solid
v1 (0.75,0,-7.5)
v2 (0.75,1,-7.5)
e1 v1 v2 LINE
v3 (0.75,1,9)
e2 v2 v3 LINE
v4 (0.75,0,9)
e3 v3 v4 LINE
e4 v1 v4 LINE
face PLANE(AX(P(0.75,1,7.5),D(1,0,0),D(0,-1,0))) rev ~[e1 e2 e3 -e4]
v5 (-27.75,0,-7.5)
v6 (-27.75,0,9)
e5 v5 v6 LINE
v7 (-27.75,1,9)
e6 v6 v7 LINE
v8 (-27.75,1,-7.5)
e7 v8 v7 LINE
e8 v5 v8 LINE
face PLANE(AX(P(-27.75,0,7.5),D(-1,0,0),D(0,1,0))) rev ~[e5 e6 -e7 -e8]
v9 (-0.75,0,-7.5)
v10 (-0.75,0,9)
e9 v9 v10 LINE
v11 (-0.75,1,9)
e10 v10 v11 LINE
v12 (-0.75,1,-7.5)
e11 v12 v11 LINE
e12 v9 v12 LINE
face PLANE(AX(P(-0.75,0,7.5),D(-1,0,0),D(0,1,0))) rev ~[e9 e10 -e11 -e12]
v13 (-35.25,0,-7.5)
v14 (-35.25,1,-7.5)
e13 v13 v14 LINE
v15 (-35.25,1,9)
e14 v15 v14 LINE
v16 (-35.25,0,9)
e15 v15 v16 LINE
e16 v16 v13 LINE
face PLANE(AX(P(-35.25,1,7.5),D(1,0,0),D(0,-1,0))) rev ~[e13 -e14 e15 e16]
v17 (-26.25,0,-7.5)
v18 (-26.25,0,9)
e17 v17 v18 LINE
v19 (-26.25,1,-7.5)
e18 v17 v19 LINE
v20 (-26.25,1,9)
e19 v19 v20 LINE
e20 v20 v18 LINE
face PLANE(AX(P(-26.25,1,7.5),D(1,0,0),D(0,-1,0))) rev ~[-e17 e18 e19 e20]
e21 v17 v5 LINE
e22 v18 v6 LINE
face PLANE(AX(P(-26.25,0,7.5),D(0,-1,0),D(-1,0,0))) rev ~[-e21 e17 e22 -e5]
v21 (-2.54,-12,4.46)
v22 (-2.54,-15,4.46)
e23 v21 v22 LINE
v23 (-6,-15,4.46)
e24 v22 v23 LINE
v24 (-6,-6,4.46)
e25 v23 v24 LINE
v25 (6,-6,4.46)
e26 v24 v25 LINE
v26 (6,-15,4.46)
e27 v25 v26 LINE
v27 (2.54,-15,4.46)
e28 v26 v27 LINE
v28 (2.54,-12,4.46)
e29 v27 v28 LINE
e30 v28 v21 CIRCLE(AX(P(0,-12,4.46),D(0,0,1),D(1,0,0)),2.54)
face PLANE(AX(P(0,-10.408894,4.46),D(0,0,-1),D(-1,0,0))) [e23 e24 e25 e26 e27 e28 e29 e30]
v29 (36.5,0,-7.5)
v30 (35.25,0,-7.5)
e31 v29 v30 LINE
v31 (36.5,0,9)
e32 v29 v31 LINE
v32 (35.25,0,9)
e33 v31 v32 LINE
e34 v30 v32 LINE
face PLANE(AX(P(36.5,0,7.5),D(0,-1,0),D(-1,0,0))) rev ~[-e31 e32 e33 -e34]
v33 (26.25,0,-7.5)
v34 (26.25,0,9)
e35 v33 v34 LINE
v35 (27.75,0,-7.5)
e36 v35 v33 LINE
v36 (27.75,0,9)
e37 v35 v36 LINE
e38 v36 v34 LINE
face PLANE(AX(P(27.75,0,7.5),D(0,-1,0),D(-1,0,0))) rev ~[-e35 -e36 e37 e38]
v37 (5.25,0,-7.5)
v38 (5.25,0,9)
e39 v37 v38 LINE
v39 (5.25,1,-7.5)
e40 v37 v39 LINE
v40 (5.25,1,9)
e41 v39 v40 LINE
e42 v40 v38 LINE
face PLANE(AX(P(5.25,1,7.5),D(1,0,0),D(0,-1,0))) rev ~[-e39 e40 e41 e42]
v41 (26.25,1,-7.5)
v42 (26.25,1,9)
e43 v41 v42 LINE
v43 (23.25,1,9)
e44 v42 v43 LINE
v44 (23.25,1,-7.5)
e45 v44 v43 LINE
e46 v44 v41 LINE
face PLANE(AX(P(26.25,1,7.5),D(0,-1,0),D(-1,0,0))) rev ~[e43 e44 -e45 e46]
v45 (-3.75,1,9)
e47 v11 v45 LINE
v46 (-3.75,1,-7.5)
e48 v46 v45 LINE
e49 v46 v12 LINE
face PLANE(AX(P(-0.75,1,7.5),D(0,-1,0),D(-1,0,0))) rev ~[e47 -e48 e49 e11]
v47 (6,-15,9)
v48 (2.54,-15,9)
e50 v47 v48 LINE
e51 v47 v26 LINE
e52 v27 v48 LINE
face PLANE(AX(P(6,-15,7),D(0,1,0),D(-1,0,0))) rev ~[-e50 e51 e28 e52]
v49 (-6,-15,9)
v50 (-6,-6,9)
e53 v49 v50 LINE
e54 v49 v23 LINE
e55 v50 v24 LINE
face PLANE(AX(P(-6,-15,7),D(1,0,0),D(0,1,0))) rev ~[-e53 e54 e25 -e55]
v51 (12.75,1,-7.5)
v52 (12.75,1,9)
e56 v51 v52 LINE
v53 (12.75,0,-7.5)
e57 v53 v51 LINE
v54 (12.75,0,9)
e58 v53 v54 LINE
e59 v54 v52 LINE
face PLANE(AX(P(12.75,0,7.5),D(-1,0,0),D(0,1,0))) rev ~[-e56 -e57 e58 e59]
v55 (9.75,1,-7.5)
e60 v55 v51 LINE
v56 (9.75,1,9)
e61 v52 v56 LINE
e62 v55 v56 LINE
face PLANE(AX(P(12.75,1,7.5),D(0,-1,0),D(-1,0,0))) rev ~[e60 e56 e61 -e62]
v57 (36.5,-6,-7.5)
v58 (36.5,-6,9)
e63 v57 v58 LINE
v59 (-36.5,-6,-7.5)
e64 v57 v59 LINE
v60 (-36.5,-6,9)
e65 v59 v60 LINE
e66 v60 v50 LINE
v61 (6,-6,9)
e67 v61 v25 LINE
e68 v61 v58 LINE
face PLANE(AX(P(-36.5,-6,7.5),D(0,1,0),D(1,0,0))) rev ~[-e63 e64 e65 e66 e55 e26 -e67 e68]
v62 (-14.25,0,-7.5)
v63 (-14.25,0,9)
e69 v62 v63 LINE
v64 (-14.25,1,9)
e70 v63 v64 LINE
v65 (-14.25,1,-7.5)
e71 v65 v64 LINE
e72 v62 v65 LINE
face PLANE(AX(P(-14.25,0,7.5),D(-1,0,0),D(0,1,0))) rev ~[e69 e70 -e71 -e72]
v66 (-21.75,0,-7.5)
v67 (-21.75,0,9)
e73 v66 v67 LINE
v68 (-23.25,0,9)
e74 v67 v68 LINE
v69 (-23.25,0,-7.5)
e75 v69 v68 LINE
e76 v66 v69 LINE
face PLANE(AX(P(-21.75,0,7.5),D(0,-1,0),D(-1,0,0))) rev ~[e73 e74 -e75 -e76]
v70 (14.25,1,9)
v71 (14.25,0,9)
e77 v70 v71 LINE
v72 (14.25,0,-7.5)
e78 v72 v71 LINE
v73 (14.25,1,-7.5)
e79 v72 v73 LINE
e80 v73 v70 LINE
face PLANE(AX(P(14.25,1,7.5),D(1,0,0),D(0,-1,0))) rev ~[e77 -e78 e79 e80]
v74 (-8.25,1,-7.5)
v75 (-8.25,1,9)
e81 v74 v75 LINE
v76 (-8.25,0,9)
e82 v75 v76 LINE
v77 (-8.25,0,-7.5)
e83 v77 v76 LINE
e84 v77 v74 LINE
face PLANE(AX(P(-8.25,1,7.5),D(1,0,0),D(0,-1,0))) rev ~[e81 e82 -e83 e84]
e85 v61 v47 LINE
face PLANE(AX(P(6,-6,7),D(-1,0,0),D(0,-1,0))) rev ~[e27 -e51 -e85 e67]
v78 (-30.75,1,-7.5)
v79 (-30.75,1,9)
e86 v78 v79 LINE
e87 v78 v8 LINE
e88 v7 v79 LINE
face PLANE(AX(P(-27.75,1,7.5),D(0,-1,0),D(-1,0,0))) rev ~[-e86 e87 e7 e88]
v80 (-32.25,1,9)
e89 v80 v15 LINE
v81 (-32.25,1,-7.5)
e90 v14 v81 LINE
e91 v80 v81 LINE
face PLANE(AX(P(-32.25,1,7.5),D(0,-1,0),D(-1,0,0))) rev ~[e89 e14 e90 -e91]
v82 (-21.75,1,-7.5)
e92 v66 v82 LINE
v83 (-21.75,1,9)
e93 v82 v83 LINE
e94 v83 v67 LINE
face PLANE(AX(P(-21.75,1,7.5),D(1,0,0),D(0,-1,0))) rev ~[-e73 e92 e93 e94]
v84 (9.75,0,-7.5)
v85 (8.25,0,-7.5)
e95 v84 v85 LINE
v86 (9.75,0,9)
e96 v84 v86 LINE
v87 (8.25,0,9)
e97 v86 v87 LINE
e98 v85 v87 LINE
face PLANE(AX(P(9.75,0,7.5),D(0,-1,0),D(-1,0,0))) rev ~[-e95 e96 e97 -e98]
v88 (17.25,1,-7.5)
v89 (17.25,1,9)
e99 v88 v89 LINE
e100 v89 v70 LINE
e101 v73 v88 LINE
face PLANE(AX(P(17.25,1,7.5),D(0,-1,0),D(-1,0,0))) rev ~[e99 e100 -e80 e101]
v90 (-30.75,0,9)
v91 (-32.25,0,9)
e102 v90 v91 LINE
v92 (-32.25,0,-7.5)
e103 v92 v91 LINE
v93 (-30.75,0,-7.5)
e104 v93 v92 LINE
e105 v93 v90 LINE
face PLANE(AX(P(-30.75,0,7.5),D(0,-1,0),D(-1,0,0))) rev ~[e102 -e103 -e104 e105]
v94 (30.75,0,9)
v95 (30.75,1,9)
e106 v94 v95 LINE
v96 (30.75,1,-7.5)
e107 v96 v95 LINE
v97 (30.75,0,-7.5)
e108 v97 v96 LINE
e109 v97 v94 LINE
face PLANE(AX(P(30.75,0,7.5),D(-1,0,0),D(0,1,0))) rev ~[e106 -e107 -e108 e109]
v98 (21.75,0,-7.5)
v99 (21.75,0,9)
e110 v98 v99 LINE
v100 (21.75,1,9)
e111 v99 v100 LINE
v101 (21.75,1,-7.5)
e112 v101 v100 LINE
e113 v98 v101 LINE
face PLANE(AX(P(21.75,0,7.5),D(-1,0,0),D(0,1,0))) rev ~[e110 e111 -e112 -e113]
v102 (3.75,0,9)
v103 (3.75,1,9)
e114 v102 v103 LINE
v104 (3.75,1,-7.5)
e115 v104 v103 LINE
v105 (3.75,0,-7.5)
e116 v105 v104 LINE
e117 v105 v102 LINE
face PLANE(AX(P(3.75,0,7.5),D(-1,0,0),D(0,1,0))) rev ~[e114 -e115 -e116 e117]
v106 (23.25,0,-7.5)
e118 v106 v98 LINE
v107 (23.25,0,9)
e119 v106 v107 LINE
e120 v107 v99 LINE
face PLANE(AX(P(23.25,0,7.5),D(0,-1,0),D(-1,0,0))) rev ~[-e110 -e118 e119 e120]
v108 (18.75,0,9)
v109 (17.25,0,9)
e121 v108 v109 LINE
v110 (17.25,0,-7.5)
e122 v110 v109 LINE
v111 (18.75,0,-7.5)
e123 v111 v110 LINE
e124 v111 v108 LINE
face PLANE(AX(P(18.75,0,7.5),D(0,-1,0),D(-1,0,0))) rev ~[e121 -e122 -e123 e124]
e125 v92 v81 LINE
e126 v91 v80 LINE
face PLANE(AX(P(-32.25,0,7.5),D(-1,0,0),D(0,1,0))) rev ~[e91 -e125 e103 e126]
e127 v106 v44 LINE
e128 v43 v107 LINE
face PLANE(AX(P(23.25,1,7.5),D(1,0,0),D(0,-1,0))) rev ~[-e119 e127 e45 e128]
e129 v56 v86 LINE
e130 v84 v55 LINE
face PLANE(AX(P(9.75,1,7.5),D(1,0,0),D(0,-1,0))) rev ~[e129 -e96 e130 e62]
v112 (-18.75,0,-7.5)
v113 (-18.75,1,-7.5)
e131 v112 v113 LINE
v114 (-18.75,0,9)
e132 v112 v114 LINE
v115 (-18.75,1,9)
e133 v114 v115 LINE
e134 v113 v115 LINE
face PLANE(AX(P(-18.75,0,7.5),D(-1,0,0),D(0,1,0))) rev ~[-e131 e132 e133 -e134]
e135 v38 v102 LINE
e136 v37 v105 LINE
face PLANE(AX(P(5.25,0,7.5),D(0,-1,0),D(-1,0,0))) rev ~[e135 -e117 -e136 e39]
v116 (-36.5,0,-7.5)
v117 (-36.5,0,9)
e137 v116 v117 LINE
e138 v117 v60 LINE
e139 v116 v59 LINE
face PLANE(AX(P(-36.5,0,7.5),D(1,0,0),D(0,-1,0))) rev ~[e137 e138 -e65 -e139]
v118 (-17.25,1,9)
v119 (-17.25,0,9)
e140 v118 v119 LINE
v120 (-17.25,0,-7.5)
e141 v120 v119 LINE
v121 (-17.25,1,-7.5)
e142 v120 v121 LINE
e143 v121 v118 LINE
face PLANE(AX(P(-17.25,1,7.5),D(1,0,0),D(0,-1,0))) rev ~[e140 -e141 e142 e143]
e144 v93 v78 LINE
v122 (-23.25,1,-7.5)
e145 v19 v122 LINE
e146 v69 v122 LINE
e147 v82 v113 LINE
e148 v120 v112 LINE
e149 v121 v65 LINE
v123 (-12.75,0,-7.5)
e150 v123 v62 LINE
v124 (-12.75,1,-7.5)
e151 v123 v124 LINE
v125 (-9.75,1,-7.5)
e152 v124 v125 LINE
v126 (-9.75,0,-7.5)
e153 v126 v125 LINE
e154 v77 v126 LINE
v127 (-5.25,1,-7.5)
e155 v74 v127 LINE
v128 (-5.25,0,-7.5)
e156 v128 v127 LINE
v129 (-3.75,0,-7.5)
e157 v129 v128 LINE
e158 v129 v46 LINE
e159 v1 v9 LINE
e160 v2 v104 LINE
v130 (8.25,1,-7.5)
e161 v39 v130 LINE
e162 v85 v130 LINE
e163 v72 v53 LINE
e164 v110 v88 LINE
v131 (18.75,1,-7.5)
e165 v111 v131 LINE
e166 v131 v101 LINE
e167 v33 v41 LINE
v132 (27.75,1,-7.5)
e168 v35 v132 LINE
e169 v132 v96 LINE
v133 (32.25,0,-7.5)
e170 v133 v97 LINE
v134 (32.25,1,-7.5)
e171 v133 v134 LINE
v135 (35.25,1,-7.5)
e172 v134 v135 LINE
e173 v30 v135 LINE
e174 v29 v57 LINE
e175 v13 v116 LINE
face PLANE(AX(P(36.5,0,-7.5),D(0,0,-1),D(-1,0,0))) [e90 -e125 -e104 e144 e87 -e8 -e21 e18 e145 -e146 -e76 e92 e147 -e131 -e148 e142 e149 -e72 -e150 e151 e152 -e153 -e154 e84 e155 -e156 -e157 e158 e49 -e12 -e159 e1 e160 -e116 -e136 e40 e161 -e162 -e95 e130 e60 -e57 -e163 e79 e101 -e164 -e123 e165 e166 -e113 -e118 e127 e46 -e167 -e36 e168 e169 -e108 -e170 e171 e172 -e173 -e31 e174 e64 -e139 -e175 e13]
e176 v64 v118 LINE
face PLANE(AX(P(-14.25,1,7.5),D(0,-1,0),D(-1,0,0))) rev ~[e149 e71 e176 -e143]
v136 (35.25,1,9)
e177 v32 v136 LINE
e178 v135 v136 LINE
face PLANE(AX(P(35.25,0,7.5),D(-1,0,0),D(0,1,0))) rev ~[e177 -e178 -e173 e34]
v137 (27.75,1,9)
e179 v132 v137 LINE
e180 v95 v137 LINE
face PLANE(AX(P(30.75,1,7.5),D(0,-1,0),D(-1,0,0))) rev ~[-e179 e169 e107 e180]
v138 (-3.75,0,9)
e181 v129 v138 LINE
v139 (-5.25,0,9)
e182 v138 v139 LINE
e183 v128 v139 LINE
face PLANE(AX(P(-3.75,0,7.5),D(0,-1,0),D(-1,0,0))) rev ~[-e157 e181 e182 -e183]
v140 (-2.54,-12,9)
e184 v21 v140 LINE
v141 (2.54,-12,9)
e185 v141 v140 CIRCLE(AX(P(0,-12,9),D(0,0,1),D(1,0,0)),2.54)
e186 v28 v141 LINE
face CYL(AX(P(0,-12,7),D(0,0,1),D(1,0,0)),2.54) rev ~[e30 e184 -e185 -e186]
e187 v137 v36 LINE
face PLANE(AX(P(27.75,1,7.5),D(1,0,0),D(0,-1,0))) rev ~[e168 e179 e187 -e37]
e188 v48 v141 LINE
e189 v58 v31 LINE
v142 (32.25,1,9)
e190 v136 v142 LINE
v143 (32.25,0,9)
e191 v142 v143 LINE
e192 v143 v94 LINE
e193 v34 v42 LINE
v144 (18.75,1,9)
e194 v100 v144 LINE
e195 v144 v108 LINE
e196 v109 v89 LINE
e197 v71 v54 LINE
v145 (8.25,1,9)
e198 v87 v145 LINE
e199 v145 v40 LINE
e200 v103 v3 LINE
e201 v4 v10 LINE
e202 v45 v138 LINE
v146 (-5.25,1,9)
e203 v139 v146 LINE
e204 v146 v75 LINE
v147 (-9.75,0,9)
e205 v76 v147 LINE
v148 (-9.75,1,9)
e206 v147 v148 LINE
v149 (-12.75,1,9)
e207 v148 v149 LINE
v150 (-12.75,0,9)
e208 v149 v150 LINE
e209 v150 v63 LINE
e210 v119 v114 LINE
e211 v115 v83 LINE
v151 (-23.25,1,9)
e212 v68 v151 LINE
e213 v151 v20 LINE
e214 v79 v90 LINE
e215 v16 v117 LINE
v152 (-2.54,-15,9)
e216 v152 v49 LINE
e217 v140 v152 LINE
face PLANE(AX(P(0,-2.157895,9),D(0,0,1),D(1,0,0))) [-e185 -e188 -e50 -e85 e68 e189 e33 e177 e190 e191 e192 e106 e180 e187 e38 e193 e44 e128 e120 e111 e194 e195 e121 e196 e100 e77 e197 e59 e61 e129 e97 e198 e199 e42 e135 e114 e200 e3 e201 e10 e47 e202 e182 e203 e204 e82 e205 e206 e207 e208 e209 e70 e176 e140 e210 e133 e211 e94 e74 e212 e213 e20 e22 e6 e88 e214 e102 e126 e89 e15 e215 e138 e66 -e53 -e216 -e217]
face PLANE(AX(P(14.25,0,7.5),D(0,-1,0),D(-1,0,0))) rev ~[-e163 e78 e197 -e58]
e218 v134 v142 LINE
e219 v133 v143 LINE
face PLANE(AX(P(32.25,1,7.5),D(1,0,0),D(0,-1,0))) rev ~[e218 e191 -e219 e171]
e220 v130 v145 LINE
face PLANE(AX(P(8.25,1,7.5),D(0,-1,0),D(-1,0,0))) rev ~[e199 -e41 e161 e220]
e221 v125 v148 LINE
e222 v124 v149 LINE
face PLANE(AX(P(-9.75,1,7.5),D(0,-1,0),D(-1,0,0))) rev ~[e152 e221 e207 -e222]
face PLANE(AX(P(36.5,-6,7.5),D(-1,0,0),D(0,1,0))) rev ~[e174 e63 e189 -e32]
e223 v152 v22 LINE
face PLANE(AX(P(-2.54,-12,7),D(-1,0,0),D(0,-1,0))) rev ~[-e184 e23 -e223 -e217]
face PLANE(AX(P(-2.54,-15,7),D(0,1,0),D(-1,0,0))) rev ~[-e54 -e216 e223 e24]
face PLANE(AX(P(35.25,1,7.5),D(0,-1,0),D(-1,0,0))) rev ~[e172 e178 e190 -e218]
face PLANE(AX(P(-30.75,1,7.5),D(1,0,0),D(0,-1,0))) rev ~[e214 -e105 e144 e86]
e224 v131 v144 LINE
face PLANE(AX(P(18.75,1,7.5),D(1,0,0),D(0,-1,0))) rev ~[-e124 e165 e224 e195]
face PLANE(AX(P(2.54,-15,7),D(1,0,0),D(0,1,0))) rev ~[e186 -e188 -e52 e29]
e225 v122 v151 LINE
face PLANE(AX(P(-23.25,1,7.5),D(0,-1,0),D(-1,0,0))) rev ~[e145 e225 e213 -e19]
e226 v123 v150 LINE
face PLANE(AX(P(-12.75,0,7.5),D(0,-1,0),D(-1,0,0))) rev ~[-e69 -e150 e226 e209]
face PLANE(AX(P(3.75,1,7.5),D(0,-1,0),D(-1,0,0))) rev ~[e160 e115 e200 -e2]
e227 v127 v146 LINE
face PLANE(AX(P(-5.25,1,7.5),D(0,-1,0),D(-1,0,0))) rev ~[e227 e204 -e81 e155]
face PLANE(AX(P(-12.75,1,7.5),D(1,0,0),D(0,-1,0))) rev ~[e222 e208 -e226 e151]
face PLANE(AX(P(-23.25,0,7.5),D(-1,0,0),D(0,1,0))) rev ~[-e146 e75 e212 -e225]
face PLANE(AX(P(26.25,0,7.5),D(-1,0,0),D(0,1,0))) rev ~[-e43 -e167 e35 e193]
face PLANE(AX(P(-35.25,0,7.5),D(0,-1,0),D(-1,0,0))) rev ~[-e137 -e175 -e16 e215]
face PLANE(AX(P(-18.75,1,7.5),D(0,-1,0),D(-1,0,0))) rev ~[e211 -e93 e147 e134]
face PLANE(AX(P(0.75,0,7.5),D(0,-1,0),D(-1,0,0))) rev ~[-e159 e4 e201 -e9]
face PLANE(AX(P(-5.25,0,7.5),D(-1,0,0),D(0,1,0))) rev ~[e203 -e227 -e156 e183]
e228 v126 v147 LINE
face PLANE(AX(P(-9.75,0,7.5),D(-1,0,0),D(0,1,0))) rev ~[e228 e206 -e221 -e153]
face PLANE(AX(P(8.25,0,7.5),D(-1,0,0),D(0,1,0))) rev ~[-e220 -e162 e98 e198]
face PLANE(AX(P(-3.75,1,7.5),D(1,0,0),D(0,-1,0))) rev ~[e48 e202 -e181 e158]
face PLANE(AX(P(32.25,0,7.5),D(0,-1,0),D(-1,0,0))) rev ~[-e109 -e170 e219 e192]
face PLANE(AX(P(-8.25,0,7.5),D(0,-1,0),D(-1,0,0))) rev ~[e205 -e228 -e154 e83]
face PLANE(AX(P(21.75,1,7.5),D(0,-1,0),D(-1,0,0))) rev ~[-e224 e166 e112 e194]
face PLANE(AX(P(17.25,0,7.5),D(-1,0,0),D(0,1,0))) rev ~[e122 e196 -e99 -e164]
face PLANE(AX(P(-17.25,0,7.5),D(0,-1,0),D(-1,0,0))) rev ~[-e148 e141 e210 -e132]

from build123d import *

# Parameters (mm, degrees)
SKETCH4_W            = 73
SKETCH4_H            = 15
BOSS_EXTRUDE4_DEPTH  = 6
SKETCH15_W           = 3
SKETCH15_H           = 15
BOSS_EXTRUDE6_DEPTH  = 1
BOSS_EXTRUDE7_DEPTH  = 1.5
BOSS_EXTRUDE13_DEPTH = 7.715
CUT_EXTRUDE2_REACH   = 40.656
SKETCH22_W           = 12
SKETCH22_H           = 3.715
CUT_EXTRUDE3_REACH   = 42.428
BOSS_EXTRUDE14_DEPTH = 2.54


with BuildPart() as part:
    # Sketch4 → Boss-Extrude4 (new body)
    with BuildSketch(Plane(origin=(0, 0, 0), x_dir=(-1, 0, 0), z_dir=(0, 1, 0))):
        Rectangle(SKETCH4_W, SKETCH4_H)
    extrude(amount=-BOSS_EXTRUDE4_DEPTH)

    # Sketch15 → Boss-Extrude6 (add)
    with BuildSketch(Plane(origin=(0, 0, 0), x_dir=(1, 0, 0), z_dir=(0, 1, 0))):
        with Locations((2.25, 0)):
            Rectangle(SKETCH15_W, SKETCH15_H)
        with Locations((6.75, 0)):
            Rectangle(SKETCH15_W, SKETCH15_H)
        with Locations((11.25, 0)):
            Rectangle(SKETCH15_W, SKETCH15_H)
        with Locations((15.75, 0)):
            Rectangle(SKETCH15_W, SKETCH15_H)
        with Locations((20.25, 0)):
            Rectangle(SKETCH15_W, SKETCH15_H)
        with Locations((24.75, 0)):
            Rectangle(SKETCH15_W, SKETCH15_H)
        with Locations((29.25, 0)):
            Rectangle(SKETCH15_W, SKETCH15_H)
        with Locations((33.75, 0)):
            Rectangle(SKETCH15_W, SKETCH15_H)
        with Locations((-33.75, 0)):
            Rectangle(SKETCH15_W, SKETCH15_H)
        with Locations((-29.25, 0)):
            Rectangle(SKETCH15_W, SKETCH15_H)
        with Locations((-24.75, 0)):
            Rectangle(SKETCH15_W, SKETCH15_H)
        with Locations((-20.25, 0)):
            Rectangle(SKETCH15_W, SKETCH15_H)
        with Locations((-15.75, 0)):
            Rectangle(SKETCH15_W, SKETCH15_H)
        with Locations((-11.25, 0)):
            Rectangle(SKETCH15_W, SKETCH15_H)
        with Locations((-6.75, 0)):
            Rectangle(SKETCH15_W, SKETCH15_H)
        with Locations((-2.25, 0)):
            Rectangle(SKETCH15_W, SKETCH15_H)
    extrude(amount=BOSS_EXTRUDE6_DEPTH)

    # Sketch16 → Boss-Extrude7 (add)
    with BuildSketch(Plane.XY.offset(7.5)):
        Polygon((-35.25, 0), (-36.5, 0), (-36.5, -6), (36.5, -6), (36.5, 0), (35.25, 0), (35.25, 1), (32.25, 1), (32.25, 0), (30.75, 0), (30.75, 1), (27.75, 1), (27.75, 0), (26.25, 0), (26.25, 1), (23.25, 1), (23.25, 0), (21.75, 0), (21.75, 1), (18.75, 1), (18.75, 0), (17.25, 0), (17.25, 1), (14.25, 1), (14.25, 0), (12.75, 0), (12.75, 1), (9.75, 1), (9.75, 0), (8.25, 0), (8.25, 1), (5.25, 1), (5.25, 0), (3.75, 0), (3.75, 1), (0.75, 1), (0.75, 0), (-0.75, 0), (-0.75, 1), (-3.75, 1), (-3.75, 0), (-5.25, 0), (-5.25, 1), (-8.25, 1), (-8.25, 0), (-9.75, 0), (-9.75, 1), (-12.75, 1), (-12.75, 0), (-14.25, 0), (-14.25, 1), (-17.25, 1), (-17.25, 0), (-18.75, 0), (-18.75, 1), (-21.75, 1), (-21.75, 0), (-23.25, 0), (-23.25, 1), (-26.25, 1), (-26.25, 0), (-27.75, 0), (-27.75, 1), (-30.75, 1), (-30.75, 0), (-32.25, 0), (-32.25, 1), (-35.25, 1), align=None)
    extrude(amount=BOSS_EXTRUDE7_DEPTH)

    # Sketch21 → Boss-Extrude13 (add)
    with BuildSketch(Plane.XY.offset(9)):
        with BuildLine():
            Line((-2.54, -12), (-2.54, -15))
            Line((-2.54, -15), (-6, -15))
            Line((-6, -15), (-6, -6))
            Line((-6, -6), (6, -6))
            Line((6, -6), (6, -15))
            Line((6, -15), (2.54, -15))
            Line((2.54, -15), (2.54, -12))
            ThreePointArc((2.54, -12), (0, -9.46), (-2.54, -12))
        make_face()
    extrude(amount=-BOSS_EXTRUDE13_DEPTH)

    # Cut-Extrude2: up to this face of the body (flat: up to its plane)
    cut_extrude2_end = Plane(part.part.faces().sort_by_distance((4.27, -15, 5.1425))[0])
    # Sketch22 → Cut-Extrude2 (cut, up to the picked face)
    with BuildSketch(Plane.XZ.offset(6), mode=Mode.PRIVATE) as cut_extrude2_sk1:
        with Locations((0, 5.1425)):
            Rectangle(SKETCH22_W, SKETCH22_H)
    cut_extrude2_tool1 = split(extrude(cut_extrude2_sk1.sketch, amount=CUT_EXTRUDE2_REACH, mode=Mode.PRIVATE), bisect_by=cut_extrude2_end, keep=Keep.BOTH, mode=Mode.PRIVATE)
    add(cut_extrude2_tool1.solids().sort_by(Axis((0, -6, 5.1425), (0, -1, 0)))[0], mode=Mode.SUBTRACT)

    # Sketch23 → Cut-Extrude3 (cut, up to next)
    with BuildSketch(Plane(origin=(0, 0, 1.285), x_dir=(-1, 0, 0), z_dir=(0, 0, -1)), mode=Mode.PRIVATE) as cut_extrude3_sk1:
        with BuildLine():
            Line((6, -15), (6, -6))
            Line((6, -6), (-6, -6))
            Line((-6, -6), (-6, -15))
            Line((-6, -15), (-2.54, -15))
            Line((-2.54, -15), (-2.54, -12))
            ThreePointArc((-2.54, -12), (0, -9.46), (2.54, -12))
            Line((2.54, -12), (2.54, -15))
            Line((2.54, -15), (6, -15))
        make_face()
    cut_extrude3_tool1 = extrude(cut_extrude3_sk1.sketch, amount=-CUT_EXTRUDE3_REACH, mode=Mode.PRIVATE) & part.part
    add(cut_extrude3_tool1.solids().sort_by_distance((-5.85, -10.5, 1.285))[0], mode=Mode.SUBTRACT)

    # Sketch24 → Boss-Extrude14 (add)
    with BuildSketch(Plane(origin=(0, 0, 7), x_dir=(-1, 0, 0), z_dir=(0, 0, -1))):
        with BuildLine():
            Line((2.54, -12), (2.54, -15))
            Line((2.54, -15), (6, -15))
            Line((6, -15), (6, -6))
            Line((6, -6), (-6, -6))
            Line((-6, -6), (-6, -15))
            Line((-6, -15), (-2.54, -15))
            Line((-2.54, -15), (-2.54, -12))
            ThreePointArc((-2.54, -12), (0, -9.46), (2.54, -12))
        make_face()
    extrude(amount=BOSS_EXTRUDE14_DEPTH)


solid = part.part
